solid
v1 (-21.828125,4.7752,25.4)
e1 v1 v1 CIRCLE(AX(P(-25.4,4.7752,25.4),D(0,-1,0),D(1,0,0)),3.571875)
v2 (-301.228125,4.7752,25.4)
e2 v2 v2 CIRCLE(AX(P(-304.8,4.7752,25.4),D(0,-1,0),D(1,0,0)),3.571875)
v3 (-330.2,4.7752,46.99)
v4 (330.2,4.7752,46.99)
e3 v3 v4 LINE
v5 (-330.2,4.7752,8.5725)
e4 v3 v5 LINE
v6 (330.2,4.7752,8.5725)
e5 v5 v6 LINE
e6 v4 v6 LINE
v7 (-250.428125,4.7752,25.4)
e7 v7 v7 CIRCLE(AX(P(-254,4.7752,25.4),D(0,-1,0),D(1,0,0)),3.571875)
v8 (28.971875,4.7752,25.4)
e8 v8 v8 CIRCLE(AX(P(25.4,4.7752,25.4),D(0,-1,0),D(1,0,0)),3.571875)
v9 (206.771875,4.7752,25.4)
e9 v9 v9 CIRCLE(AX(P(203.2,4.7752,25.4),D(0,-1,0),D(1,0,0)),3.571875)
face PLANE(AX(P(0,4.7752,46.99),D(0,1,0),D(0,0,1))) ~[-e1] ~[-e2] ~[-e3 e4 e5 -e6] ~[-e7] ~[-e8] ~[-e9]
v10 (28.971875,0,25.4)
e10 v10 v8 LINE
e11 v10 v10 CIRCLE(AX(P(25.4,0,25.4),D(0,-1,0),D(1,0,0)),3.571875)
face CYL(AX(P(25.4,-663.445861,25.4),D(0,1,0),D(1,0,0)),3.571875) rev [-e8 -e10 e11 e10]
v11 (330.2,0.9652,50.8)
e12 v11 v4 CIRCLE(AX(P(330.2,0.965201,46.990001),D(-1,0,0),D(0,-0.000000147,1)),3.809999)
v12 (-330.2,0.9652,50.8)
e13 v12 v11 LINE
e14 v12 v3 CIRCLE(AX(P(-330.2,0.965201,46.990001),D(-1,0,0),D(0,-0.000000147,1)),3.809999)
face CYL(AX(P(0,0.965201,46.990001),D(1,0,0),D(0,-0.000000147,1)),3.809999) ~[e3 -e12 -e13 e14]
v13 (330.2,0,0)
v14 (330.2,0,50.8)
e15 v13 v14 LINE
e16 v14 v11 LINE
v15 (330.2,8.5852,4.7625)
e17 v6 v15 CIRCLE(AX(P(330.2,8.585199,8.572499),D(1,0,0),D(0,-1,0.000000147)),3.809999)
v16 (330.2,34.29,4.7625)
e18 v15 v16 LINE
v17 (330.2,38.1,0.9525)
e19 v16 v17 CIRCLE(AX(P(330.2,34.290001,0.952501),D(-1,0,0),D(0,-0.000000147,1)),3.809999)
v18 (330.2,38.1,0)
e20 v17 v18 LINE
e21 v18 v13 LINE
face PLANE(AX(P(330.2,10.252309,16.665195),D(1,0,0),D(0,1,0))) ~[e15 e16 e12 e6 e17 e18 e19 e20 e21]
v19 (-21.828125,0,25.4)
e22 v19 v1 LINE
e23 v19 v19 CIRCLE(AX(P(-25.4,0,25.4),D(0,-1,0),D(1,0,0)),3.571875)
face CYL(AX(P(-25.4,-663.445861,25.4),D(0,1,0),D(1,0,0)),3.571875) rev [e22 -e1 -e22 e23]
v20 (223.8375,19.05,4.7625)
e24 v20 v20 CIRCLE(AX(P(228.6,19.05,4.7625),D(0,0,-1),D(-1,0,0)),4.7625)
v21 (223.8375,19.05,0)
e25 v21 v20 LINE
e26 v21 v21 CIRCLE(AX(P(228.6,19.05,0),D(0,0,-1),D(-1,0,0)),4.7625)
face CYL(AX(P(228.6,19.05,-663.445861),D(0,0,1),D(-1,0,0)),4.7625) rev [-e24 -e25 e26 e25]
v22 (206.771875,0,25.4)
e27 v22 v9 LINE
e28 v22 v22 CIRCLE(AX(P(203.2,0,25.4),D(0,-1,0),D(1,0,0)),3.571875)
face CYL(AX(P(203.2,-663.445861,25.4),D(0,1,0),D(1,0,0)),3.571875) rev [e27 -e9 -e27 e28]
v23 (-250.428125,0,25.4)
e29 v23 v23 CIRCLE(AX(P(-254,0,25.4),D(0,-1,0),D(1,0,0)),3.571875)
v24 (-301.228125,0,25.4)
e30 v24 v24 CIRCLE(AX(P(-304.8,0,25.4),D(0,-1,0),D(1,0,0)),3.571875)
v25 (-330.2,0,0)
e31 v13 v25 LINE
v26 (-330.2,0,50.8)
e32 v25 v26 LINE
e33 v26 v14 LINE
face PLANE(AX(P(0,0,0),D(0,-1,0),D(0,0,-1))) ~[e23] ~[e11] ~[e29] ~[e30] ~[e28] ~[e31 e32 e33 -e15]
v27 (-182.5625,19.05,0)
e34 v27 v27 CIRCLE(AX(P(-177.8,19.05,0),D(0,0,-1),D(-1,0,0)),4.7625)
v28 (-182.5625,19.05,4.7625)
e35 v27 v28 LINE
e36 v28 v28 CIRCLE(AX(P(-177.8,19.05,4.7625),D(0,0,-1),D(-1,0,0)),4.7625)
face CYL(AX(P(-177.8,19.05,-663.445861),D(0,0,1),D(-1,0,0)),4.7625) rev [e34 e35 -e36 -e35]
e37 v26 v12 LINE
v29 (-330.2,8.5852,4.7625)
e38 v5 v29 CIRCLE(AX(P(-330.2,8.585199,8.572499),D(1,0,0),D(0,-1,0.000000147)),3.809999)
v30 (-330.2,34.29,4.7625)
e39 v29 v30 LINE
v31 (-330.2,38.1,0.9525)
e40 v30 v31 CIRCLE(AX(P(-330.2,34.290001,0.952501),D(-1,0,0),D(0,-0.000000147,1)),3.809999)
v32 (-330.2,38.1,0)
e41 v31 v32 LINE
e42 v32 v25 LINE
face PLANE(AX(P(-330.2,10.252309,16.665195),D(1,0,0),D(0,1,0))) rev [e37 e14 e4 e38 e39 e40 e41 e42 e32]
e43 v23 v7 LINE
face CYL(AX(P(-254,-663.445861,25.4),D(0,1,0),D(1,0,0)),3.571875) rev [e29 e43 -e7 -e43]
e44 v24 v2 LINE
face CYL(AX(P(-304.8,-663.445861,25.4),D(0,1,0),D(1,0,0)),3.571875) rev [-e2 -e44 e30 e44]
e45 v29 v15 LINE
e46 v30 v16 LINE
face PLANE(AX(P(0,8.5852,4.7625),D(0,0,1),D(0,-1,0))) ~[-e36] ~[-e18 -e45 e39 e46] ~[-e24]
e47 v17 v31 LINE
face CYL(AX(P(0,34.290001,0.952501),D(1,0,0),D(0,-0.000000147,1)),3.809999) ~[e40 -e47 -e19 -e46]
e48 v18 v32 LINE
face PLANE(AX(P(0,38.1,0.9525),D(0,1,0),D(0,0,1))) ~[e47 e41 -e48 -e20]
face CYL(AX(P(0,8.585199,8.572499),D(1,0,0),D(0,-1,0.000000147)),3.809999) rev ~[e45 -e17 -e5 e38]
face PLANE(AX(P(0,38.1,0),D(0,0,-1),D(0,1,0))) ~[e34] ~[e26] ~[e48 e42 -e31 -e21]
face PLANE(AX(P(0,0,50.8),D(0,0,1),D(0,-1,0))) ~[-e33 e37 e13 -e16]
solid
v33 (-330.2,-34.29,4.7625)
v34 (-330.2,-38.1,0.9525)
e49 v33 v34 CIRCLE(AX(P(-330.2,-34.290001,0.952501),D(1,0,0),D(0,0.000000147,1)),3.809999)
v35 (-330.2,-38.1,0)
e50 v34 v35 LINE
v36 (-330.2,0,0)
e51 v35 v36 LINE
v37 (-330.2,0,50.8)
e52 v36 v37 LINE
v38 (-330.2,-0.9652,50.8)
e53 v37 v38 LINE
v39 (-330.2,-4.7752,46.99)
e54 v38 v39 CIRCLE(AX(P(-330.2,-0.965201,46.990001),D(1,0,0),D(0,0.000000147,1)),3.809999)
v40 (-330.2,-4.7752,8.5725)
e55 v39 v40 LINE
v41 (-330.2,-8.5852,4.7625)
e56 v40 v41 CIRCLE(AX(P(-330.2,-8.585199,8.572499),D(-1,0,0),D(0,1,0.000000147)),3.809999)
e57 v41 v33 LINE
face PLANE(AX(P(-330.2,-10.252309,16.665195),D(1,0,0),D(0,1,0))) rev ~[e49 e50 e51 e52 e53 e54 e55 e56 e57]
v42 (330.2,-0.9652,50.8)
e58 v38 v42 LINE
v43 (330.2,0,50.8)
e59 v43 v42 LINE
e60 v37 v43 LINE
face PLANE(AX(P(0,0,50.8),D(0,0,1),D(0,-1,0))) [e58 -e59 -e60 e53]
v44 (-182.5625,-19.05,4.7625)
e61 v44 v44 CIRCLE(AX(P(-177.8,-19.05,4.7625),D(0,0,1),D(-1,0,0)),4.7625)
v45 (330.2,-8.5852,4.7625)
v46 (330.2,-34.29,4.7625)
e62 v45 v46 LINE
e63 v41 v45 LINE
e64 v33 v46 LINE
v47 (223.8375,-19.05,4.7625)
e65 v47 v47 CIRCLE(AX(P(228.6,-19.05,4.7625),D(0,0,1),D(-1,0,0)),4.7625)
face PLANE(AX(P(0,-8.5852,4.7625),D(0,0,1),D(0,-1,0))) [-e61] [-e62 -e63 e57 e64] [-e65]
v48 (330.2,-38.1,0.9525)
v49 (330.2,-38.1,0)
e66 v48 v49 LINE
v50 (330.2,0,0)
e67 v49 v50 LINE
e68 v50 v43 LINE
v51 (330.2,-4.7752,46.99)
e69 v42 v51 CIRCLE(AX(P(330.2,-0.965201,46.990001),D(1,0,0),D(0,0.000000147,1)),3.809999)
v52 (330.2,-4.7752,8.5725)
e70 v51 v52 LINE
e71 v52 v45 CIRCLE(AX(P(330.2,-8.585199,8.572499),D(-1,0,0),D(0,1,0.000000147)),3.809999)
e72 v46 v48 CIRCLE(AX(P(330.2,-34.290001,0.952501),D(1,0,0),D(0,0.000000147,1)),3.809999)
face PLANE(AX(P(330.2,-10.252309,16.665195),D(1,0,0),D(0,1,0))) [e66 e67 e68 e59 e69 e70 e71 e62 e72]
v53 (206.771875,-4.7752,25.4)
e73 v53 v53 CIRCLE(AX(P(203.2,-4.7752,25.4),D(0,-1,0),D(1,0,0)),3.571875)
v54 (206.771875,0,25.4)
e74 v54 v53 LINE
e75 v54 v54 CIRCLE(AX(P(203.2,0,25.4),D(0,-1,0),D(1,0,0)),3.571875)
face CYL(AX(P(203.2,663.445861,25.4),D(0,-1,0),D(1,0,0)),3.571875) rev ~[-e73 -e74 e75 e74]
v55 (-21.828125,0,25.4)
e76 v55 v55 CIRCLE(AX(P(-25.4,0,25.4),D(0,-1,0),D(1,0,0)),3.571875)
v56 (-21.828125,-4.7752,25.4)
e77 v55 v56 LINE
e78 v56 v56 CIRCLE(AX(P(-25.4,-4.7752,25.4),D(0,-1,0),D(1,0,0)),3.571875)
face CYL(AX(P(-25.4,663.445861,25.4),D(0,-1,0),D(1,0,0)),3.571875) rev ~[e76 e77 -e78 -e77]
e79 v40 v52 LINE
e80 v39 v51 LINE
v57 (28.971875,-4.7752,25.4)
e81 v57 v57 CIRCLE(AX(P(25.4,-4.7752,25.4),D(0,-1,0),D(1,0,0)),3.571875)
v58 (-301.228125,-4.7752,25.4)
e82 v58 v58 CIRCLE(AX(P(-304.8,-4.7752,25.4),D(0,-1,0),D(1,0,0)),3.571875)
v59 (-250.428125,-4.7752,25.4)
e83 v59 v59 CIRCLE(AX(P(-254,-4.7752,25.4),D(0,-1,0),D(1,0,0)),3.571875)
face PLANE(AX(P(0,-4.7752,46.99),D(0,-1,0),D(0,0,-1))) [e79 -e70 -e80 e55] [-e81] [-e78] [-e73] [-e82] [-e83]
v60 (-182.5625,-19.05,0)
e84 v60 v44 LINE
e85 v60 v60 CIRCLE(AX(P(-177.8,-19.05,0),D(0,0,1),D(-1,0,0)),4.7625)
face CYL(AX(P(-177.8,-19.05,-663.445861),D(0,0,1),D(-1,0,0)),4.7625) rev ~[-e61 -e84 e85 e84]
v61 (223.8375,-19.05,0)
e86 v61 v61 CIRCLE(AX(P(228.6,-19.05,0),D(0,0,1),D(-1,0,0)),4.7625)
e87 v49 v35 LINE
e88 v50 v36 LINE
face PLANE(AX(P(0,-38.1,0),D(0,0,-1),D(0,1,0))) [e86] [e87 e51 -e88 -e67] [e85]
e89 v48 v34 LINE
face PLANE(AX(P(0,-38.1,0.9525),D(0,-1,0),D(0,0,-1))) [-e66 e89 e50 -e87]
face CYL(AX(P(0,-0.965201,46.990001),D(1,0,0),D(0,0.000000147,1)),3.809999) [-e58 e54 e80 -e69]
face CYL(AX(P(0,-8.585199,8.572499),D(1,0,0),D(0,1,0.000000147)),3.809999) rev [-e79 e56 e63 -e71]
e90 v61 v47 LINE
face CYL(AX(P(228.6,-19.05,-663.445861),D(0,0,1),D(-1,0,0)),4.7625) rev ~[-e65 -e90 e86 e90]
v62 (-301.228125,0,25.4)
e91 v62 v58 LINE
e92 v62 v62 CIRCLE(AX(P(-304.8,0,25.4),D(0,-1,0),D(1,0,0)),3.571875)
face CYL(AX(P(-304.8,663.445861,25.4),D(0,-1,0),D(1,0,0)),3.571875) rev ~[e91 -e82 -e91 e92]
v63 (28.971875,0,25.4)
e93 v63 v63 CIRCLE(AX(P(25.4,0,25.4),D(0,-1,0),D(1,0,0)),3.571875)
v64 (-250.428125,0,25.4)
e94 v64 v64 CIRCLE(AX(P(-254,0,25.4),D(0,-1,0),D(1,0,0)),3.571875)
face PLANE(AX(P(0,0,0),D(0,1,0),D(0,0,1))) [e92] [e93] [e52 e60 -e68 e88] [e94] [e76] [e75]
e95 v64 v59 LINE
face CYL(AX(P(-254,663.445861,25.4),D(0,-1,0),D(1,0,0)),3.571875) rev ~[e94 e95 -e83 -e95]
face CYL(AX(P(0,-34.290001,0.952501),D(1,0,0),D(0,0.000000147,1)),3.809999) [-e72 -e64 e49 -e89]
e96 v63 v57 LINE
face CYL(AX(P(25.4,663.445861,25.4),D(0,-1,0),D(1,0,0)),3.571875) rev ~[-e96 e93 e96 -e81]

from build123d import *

# Parameters (mm, degrees)
F1_DEPTH = 330.2
F3_D     = 7.14375
F5_D     = 9.525


with BuildPart() as f1:
    # F0 (on Right) → F1 (new body, symmetric)
    with BuildSketch(Plane.YZ):
        with BuildLine():
            Line((0, 0), (0, 50.8))
            Line((0, 50.8), (-0.9652, 50.8))
            ThreePointArc((-0.9652, 50.8), (-3.659277, 49.684077), (-4.7752, 46.99))
            Line((-4.7752, 46.99), (-4.7752, 8.5725))
            ThreePointArc((-4.7752, 8.5725), (-5.891123, 5.878423), (-8.5852, 4.7625))
            Line((-8.5852, 4.7625), (-34.29, 4.7625))
            ThreePointArc((-34.29, 4.7625), (-36.984077, 3.646577), (-38.1, 0.9525))
            Line((-38.1, 0.9525), (-38.1, 0))
            Line((-38.1, 0), (0, 0))
        make_face()
    extrude(amount=F1_DEPTH, both=True)

    # F3 (through all)
    with Locations(Plane(origin=(0, 0, 0), x_dir=(-1, 0, 0), z_dir=(0, 1, 0))):
        with Locations((254, 25.4), (25.4, 25.4), (-203.2, 25.4), (-25.4, 25.4), (304.8, 25.4)):
            Hole(F3_D / 2)

    # F5 (through all)
    with Locations(Plane(origin=(0, 0, 0), x_dir=(1, 0, 0), z_dir=(0, 0, -1))):
        with Locations((228.6, 19.05), (-177.8, 19.05)):
            Hole(F5_D / 2)


with BuildPart() as f6_1:
    # F6: instance of F1
    add(f1.part.mirror(Plane.XZ))


solid = Compound([f1.part, f6_1.part])
